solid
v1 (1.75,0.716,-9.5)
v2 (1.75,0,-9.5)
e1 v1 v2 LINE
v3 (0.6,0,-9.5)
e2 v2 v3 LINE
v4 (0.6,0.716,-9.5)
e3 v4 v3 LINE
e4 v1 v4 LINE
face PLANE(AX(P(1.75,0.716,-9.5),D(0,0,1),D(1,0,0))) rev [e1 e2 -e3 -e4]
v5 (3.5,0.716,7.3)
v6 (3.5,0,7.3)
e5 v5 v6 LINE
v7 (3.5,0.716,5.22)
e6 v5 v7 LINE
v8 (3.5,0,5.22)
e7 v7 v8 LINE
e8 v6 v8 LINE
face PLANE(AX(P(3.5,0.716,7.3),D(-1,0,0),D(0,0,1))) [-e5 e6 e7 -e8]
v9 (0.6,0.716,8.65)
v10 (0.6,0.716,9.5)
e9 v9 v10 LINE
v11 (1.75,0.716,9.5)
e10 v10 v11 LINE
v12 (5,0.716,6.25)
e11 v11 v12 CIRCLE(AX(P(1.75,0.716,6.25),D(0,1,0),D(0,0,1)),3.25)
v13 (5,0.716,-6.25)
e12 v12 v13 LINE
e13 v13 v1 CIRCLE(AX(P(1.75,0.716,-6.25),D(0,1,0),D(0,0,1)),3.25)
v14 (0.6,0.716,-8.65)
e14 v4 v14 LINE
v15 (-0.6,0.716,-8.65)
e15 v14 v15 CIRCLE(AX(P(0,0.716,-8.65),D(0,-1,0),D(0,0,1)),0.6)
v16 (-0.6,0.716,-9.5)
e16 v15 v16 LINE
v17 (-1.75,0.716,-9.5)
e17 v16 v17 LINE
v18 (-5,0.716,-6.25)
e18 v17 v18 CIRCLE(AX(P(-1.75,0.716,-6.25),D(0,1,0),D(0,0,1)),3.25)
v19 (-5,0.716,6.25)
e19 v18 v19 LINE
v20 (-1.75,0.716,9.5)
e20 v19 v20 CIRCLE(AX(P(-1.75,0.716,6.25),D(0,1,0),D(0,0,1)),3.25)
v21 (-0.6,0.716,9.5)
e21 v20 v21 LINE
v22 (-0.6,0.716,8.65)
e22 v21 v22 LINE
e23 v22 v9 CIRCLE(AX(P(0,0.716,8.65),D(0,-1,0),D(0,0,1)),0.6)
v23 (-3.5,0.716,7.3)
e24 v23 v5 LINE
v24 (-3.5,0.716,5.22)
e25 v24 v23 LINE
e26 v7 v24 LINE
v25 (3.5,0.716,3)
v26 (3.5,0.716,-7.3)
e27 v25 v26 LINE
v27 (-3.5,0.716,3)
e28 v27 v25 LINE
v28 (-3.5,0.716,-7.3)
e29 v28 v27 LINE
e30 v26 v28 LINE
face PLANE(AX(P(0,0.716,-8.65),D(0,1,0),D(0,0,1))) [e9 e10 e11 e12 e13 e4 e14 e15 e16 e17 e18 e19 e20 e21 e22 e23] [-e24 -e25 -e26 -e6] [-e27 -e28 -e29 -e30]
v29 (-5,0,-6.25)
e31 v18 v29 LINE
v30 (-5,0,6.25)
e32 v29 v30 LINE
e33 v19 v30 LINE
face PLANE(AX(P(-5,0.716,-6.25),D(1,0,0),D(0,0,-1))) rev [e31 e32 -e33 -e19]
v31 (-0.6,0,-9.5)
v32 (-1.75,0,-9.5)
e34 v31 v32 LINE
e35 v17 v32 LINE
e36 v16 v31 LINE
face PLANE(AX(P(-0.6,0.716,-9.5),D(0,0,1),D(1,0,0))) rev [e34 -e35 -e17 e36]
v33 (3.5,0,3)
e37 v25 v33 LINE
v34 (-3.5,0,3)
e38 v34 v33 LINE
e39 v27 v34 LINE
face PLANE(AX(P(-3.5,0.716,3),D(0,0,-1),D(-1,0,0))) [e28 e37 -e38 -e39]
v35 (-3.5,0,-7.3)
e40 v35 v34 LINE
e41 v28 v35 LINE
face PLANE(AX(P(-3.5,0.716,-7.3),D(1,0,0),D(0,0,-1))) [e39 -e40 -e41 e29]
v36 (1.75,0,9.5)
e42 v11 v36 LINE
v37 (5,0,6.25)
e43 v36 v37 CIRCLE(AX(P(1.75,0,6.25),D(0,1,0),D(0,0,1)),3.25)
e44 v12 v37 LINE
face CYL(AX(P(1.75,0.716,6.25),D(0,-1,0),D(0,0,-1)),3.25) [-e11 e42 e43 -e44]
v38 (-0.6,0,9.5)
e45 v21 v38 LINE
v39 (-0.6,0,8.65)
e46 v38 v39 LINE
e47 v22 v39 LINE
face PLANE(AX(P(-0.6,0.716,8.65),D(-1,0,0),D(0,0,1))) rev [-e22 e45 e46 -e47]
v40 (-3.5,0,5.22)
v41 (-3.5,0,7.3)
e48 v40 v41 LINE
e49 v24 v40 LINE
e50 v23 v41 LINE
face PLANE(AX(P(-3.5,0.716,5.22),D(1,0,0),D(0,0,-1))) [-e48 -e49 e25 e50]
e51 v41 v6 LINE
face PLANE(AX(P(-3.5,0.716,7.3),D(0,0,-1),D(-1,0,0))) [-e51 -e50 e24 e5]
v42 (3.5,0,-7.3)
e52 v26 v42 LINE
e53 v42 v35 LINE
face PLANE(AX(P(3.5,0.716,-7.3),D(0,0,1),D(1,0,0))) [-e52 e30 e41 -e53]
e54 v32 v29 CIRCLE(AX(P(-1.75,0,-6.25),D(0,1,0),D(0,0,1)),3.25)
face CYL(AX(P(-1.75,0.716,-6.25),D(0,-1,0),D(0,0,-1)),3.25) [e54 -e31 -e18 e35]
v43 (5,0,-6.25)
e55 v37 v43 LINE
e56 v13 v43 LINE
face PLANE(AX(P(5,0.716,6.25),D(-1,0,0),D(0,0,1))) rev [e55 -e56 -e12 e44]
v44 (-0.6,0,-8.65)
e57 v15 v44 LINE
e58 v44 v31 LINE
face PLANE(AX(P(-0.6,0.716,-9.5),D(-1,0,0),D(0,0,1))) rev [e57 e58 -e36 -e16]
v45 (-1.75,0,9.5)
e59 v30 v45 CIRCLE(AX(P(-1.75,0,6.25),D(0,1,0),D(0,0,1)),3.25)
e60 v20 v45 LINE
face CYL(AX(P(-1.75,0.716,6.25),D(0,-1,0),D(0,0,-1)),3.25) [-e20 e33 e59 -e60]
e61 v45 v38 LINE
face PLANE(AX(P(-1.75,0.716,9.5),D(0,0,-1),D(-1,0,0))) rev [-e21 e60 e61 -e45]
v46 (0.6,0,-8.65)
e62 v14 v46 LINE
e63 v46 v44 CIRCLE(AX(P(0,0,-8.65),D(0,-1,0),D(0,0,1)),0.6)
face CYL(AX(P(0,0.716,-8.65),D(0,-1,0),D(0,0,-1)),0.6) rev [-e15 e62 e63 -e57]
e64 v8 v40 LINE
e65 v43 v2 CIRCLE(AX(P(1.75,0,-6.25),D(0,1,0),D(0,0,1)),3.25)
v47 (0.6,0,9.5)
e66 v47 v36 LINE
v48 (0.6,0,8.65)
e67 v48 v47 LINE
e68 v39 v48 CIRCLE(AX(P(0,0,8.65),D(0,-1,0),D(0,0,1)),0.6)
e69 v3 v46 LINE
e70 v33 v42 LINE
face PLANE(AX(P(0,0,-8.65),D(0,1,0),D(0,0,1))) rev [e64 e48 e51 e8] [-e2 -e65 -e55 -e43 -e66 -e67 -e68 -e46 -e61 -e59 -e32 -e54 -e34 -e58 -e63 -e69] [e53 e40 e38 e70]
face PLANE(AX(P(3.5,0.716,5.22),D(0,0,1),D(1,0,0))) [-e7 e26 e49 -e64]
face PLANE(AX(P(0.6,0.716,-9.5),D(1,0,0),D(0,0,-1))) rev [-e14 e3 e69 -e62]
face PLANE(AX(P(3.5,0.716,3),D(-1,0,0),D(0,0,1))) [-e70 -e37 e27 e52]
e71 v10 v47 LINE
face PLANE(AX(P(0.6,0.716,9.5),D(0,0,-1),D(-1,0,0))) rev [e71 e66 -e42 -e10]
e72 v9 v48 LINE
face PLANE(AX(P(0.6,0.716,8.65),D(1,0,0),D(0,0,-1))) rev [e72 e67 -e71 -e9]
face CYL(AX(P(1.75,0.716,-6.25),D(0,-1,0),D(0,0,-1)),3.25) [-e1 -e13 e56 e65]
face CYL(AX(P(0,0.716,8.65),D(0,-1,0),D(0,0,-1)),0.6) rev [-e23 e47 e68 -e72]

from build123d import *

# Parameters (mm, degrees)
SKETCH2_W           = 7
SKETCH2_H           = 10.3
SKETCH2_H_2         = 2.08
BOSS_EXTRUDE1_DEPTH = 0.716


with BuildPart() as part:
    # Sketch2 → Boss-Extrude1 (new body)
    with BuildSketch(Plane(origin=(0, 0, 0), x_dir=(1, 0, 0), z_dir=(0, 1, 0))):
        with BuildLine():
            Line((-0.6, 9.5), (-1.75, 9.5))
            ThreePointArc((-1.75, 9.5), (-4.048097039, 8.548097039), (-5, 6.25))
            Line((-5, 6.25), (-5, -6.25))
            ThreePointArc((-5, -6.25), (-4.048097039, -8.548097039), (-1.75, -9.5))
            Line((-1.75, -9.5), (-0.6, -9.5))
            Line((-0.6, -9.5), (-0.6, -8.65))
            ThreePointArc((-0.6, -8.65), (0, -8.05), (0.6, -8.65))
            Line((0.6, -8.65), (0.6, -9.5))
            Line((0.6, -9.5), (1.75, -9.5))
            ThreePointArc((1.75, -9.5), (4.048097039, -8.548097039), (5, -6.25))
            Line((5, -6.25), (5, 6.25))
            ThreePointArc((5, 6.25), (4.048097039, 8.548097039), (1.75, 9.5))
            Line((1.75, 9.5), (0.6, 9.5))
            Line((0.6, 9.5), (0.6, 8.65))
            ThreePointArc((0.6, 8.65), (0, 8.05), (-0.6, 8.65))
            Line((-0.6, 8.65), (-0.6, 9.5))
        make_face()
        with Locations((0, 2.15)):
            Rectangle(SKETCH2_W, SKETCH2_H, mode=Mode.SUBTRACT)
        with Locations((0, -6.26)):
            Rectangle(SKETCH2_W, SKETCH2_H_2, mode=Mode.SUBTRACT)
    extrude(amount=BOSS_EXTRUDE1_DEPTH)


solid = part.part
